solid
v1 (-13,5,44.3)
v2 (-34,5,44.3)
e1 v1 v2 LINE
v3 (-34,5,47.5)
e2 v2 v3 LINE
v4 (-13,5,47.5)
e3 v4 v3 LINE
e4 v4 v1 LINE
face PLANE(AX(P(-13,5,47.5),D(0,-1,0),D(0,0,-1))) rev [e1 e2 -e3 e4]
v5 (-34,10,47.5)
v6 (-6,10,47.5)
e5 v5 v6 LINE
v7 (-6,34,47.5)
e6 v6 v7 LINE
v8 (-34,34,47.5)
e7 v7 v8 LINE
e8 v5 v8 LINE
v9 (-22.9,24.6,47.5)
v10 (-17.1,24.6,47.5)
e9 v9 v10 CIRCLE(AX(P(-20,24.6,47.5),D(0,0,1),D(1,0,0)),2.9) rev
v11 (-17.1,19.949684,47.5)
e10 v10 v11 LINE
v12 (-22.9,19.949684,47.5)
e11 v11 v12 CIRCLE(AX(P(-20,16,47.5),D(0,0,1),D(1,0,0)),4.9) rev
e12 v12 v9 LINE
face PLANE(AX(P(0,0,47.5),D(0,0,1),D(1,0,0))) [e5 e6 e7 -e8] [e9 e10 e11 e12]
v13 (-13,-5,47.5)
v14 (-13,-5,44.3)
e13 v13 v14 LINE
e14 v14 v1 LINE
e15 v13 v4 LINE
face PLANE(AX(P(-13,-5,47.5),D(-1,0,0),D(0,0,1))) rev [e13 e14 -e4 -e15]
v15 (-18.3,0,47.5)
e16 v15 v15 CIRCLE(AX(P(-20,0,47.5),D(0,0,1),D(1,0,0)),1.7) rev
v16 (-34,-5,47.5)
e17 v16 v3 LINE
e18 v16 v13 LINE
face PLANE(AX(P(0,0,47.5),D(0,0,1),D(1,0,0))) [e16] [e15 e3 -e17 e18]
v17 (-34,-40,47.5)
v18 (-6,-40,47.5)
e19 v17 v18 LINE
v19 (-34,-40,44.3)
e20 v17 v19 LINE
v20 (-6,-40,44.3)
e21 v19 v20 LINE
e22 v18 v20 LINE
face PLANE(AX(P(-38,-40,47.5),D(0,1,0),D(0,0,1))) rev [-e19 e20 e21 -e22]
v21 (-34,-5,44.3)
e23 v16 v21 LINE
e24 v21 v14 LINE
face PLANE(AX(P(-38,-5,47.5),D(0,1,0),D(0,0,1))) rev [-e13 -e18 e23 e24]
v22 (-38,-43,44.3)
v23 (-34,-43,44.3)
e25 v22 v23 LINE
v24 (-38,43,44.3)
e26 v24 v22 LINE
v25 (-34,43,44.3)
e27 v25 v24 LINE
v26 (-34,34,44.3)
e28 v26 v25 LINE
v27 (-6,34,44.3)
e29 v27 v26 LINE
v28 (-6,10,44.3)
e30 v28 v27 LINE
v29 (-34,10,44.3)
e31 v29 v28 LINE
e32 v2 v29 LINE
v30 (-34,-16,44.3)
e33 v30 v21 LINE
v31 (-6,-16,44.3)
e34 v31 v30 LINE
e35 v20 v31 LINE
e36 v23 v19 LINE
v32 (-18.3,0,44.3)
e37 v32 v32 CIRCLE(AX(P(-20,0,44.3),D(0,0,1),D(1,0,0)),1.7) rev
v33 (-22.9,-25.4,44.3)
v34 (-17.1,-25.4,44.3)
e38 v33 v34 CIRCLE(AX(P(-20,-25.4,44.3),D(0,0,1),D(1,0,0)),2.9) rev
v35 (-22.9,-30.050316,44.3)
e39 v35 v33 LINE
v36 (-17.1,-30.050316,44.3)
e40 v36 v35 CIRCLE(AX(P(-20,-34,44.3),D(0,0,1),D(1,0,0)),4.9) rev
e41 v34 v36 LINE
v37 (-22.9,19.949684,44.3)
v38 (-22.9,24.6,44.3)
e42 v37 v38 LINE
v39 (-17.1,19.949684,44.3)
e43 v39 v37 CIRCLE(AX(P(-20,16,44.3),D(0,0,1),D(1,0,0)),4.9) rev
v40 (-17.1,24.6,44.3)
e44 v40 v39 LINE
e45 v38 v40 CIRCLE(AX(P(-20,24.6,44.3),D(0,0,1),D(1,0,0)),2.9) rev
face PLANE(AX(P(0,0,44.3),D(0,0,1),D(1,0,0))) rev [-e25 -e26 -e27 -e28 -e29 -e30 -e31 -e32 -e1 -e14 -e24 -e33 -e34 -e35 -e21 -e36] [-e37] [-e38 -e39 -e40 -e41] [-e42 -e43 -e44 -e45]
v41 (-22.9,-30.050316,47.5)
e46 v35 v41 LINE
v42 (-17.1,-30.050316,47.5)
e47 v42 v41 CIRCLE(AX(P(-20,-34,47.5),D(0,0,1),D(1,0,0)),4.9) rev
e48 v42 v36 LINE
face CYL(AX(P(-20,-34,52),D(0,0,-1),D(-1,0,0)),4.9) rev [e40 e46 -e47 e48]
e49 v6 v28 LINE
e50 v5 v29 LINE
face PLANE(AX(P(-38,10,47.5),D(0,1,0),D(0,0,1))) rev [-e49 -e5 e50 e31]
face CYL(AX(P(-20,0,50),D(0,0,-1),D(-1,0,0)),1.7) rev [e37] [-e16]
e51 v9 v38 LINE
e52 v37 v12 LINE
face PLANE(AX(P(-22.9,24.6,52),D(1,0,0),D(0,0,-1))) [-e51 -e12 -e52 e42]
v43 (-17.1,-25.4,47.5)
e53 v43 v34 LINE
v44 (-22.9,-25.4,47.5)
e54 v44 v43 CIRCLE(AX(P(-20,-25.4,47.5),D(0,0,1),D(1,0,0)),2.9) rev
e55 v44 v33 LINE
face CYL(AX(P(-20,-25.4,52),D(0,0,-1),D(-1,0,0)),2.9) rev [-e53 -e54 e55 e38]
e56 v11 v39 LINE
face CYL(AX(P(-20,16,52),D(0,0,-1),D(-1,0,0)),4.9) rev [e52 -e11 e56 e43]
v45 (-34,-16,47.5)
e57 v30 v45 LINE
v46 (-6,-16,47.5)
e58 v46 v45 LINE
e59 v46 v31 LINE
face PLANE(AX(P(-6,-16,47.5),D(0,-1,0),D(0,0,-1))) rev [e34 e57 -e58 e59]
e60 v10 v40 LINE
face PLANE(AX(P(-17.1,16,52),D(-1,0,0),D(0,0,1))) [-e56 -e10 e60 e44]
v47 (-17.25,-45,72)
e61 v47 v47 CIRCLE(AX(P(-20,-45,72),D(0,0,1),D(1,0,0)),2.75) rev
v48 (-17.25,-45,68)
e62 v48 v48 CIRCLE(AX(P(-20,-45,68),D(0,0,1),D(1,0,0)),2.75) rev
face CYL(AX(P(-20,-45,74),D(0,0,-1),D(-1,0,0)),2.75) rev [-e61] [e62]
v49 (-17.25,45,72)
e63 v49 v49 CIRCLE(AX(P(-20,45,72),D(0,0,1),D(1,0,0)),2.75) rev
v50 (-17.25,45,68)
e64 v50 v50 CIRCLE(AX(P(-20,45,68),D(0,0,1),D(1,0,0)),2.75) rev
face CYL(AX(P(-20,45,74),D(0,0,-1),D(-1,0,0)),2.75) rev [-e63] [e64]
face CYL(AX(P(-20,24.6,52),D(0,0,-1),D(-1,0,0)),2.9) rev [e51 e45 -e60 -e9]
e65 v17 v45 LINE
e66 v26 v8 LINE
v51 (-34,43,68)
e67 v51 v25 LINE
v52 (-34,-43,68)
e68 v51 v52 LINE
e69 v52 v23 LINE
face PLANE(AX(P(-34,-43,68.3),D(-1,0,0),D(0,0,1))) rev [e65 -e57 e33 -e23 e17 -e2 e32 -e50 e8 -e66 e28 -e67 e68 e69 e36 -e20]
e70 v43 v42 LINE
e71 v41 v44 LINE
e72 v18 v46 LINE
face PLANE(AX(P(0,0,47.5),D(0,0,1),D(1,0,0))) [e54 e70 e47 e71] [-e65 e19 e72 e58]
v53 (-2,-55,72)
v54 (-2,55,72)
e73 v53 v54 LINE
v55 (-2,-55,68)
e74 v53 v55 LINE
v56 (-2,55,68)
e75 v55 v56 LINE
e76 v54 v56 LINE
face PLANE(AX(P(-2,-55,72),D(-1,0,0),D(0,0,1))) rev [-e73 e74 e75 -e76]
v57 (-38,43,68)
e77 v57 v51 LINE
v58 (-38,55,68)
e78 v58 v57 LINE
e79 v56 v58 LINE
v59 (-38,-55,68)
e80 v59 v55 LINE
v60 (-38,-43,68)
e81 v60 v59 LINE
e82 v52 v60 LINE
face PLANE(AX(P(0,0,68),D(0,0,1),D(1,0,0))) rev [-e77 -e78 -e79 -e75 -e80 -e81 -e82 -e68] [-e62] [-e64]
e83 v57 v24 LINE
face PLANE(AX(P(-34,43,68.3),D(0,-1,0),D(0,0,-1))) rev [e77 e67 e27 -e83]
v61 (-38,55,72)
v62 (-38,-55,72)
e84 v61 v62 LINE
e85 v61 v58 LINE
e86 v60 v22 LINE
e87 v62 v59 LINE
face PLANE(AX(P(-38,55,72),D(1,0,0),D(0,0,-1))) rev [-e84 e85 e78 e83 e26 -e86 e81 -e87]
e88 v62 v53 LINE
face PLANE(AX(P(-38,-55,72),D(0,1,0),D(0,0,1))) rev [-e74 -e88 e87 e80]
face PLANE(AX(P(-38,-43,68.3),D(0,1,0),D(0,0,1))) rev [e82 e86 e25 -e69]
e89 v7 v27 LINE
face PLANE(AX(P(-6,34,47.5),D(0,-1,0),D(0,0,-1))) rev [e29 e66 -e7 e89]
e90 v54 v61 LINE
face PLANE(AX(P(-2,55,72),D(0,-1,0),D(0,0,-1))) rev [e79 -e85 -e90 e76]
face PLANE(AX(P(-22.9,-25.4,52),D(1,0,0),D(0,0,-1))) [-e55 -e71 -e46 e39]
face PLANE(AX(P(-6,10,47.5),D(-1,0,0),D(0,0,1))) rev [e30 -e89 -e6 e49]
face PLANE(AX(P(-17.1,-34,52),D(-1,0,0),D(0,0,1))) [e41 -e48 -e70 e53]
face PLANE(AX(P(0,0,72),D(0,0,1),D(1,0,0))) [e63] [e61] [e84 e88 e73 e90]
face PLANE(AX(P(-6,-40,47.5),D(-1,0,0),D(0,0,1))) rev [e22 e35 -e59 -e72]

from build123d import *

# Parameters (mm, degrees)
WALL_MOUNTING_PLATE_4MM_START        = 68
SKETCH1_W                            = 36
SKETCH1_H                            = 110
WALL_MOUNTING_PLATE_4MM_DEPTH        = 4
SIDE_OFFSET_WEB_START                = 44.3
SKETCH2_W                            = 4
SKETCH2_H                            = 86
SIDE_OFFSET_WEB_DEPTH                = 24
TWO_PEG_RECEIVER_TABS_START          = 44.3
SKETCH3_W                            = 32
SKETCH3_H                            = 24
TWO_PEG_RECEIVER_TABS_DEPTH          = 3.2
PEG_HEAD_ENTRY_D9P8_START            = 43
SKETCH4_R                            = 4.9
PEG_HEAD_ENTRY_D9P8_DEPTH            = 9
DROP_IN_PEG_SLOTS_W5P8_START         = 43
SKETCH5_W                            = 5.8
SKETCH5_H                            = 8.6
DROP_IN_PEG_SLOTS_W5P8_DEPTH         = 9
ROUNDED_LOAD_SEATS_START             = 43
SKETCH6_R                            = 2.9
ROUNDED_LOAD_SEATS_DEPTH             = 9
WALL_SCREW_CLEARANCE_D5P5_START      = 67
SKETCH7_R                            = 2.75
WALL_SCREW_CLEARANCE_D5P5_DEPTH      = 7
ANTI_LIFT_LOCK_TAB_START             = 44.3
SKETCH8_W                            = 25
SKETCH8_H                            = 10
ANTI_LIFT_LOCK_TAB_DEPTH             = 3.2
ANTI_LIFT_SCREW_CLEARANCE_D3P4_START = 43
SKETCH9_R                            = 1.7
ANTI_LIFT_SCREW_CLEARANCE_D3P4_DEPTH = 7


with BuildPart() as part:
    # Sketch1 → Wall_mounting_plate_4mm (new body)
    with BuildSketch(Plane.XY.offset(WALL_MOUNTING_PLATE_4MM_START)):
        with Locations((-20, 0)):
            Rectangle(SKETCH1_W, SKETCH1_H)
    extrude(amount=WALL_MOUNTING_PLATE_4MM_DEPTH)

    # Sketch2 → Side_offset_web (add)
    with BuildSketch(Plane.XY.offset(SIDE_OFFSET_WEB_START)):
        with Locations((-36, 0)):
            Rectangle(SKETCH2_W, SKETCH2_H)
    extrude(amount=SIDE_OFFSET_WEB_DEPTH)

    # Sketch3 → Two_peg_receiver_tabs (add)
    with BuildSketch(Plane.XY.offset(TWO_PEG_RECEIVER_TABS_START)):
        with Locations((-22, -28)):
            Rectangle(SKETCH3_W, SKETCH3_H)
        with Locations((-22, 22)):
            Rectangle(SKETCH3_W, SKETCH3_H)
    extrude(amount=TWO_PEG_RECEIVER_TABS_DEPTH)

    # Sketch4 → Peg_head_entry_D9p8 (cut)
    with BuildSketch(Plane.XY.offset(PEG_HEAD_ENTRY_D9P8_START)):
        with Locations((-20, -34)):
            Circle(SKETCH4_R)
        with Locations((-20, 16)):
            Circle(SKETCH4_R)
    extrude(amount=PEG_HEAD_ENTRY_D9P8_DEPTH, mode=Mode.SUBTRACT)

    # Sketch5 → Drop_in_peg_slots_W5p8 (cut)
    with BuildSketch(Plane.XY.offset(DROP_IN_PEG_SLOTS_W5P8_START)):
        with Locations((-20, -29.7)):
            Rectangle(SKETCH5_W, SKETCH5_H)
        with Locations((-20, 20.3)):
            Rectangle(SKETCH5_W, SKETCH5_H)
    extrude(amount=DROP_IN_PEG_SLOTS_W5P8_DEPTH, mode=Mode.SUBTRACT)

    # Sketch6 → Rounded_load_seats (cut)
    with BuildSketch(Plane.XY.offset(ROUNDED_LOAD_SEATS_START)):
        with Locations((-20, -25.4)):
            Circle(SKETCH6_R)
        with Locations((-20, 24.6)):
            Circle(SKETCH6_R)
    extrude(amount=ROUNDED_LOAD_SEATS_DEPTH, mode=Mode.SUBTRACT)

    # Sketch7 → Wall_screw_clearance_D5p5 (cut)
    with BuildSketch(Plane.XY.offset(WALL_SCREW_CLEARANCE_D5P5_START)):
        with Locations((-20, -45)):
            Circle(SKETCH7_R)
        with Locations((-20, 45)):
            Circle(SKETCH7_R)
    extrude(amount=WALL_SCREW_CLEARANCE_D5P5_DEPTH, mode=Mode.SUBTRACT)

    # Sketch8 → Anti_lift_lock_tab (add)
    with BuildSketch(Plane.XY.offset(ANTI_LIFT_LOCK_TAB_START)):
        with Locations((-25.5, 0)):
            Rectangle(SKETCH8_W, SKETCH8_H)
    extrude(amount=ANTI_LIFT_LOCK_TAB_DEPTH)

    # Sketch9 → Anti_lift_screw_clearance_D3p4 (cut)
    with BuildSketch(Plane.XY.offset(ANTI_LIFT_SCREW_CLEARANCE_D3P4_START)):
        with Locations((-20, 0)):
            Circle(SKETCH9_R)
    extrude(amount=ANTI_LIFT_SCREW_CLEARANCE_D3P4_DEPTH, mode=Mode.SUBTRACT)


solid = part.part
